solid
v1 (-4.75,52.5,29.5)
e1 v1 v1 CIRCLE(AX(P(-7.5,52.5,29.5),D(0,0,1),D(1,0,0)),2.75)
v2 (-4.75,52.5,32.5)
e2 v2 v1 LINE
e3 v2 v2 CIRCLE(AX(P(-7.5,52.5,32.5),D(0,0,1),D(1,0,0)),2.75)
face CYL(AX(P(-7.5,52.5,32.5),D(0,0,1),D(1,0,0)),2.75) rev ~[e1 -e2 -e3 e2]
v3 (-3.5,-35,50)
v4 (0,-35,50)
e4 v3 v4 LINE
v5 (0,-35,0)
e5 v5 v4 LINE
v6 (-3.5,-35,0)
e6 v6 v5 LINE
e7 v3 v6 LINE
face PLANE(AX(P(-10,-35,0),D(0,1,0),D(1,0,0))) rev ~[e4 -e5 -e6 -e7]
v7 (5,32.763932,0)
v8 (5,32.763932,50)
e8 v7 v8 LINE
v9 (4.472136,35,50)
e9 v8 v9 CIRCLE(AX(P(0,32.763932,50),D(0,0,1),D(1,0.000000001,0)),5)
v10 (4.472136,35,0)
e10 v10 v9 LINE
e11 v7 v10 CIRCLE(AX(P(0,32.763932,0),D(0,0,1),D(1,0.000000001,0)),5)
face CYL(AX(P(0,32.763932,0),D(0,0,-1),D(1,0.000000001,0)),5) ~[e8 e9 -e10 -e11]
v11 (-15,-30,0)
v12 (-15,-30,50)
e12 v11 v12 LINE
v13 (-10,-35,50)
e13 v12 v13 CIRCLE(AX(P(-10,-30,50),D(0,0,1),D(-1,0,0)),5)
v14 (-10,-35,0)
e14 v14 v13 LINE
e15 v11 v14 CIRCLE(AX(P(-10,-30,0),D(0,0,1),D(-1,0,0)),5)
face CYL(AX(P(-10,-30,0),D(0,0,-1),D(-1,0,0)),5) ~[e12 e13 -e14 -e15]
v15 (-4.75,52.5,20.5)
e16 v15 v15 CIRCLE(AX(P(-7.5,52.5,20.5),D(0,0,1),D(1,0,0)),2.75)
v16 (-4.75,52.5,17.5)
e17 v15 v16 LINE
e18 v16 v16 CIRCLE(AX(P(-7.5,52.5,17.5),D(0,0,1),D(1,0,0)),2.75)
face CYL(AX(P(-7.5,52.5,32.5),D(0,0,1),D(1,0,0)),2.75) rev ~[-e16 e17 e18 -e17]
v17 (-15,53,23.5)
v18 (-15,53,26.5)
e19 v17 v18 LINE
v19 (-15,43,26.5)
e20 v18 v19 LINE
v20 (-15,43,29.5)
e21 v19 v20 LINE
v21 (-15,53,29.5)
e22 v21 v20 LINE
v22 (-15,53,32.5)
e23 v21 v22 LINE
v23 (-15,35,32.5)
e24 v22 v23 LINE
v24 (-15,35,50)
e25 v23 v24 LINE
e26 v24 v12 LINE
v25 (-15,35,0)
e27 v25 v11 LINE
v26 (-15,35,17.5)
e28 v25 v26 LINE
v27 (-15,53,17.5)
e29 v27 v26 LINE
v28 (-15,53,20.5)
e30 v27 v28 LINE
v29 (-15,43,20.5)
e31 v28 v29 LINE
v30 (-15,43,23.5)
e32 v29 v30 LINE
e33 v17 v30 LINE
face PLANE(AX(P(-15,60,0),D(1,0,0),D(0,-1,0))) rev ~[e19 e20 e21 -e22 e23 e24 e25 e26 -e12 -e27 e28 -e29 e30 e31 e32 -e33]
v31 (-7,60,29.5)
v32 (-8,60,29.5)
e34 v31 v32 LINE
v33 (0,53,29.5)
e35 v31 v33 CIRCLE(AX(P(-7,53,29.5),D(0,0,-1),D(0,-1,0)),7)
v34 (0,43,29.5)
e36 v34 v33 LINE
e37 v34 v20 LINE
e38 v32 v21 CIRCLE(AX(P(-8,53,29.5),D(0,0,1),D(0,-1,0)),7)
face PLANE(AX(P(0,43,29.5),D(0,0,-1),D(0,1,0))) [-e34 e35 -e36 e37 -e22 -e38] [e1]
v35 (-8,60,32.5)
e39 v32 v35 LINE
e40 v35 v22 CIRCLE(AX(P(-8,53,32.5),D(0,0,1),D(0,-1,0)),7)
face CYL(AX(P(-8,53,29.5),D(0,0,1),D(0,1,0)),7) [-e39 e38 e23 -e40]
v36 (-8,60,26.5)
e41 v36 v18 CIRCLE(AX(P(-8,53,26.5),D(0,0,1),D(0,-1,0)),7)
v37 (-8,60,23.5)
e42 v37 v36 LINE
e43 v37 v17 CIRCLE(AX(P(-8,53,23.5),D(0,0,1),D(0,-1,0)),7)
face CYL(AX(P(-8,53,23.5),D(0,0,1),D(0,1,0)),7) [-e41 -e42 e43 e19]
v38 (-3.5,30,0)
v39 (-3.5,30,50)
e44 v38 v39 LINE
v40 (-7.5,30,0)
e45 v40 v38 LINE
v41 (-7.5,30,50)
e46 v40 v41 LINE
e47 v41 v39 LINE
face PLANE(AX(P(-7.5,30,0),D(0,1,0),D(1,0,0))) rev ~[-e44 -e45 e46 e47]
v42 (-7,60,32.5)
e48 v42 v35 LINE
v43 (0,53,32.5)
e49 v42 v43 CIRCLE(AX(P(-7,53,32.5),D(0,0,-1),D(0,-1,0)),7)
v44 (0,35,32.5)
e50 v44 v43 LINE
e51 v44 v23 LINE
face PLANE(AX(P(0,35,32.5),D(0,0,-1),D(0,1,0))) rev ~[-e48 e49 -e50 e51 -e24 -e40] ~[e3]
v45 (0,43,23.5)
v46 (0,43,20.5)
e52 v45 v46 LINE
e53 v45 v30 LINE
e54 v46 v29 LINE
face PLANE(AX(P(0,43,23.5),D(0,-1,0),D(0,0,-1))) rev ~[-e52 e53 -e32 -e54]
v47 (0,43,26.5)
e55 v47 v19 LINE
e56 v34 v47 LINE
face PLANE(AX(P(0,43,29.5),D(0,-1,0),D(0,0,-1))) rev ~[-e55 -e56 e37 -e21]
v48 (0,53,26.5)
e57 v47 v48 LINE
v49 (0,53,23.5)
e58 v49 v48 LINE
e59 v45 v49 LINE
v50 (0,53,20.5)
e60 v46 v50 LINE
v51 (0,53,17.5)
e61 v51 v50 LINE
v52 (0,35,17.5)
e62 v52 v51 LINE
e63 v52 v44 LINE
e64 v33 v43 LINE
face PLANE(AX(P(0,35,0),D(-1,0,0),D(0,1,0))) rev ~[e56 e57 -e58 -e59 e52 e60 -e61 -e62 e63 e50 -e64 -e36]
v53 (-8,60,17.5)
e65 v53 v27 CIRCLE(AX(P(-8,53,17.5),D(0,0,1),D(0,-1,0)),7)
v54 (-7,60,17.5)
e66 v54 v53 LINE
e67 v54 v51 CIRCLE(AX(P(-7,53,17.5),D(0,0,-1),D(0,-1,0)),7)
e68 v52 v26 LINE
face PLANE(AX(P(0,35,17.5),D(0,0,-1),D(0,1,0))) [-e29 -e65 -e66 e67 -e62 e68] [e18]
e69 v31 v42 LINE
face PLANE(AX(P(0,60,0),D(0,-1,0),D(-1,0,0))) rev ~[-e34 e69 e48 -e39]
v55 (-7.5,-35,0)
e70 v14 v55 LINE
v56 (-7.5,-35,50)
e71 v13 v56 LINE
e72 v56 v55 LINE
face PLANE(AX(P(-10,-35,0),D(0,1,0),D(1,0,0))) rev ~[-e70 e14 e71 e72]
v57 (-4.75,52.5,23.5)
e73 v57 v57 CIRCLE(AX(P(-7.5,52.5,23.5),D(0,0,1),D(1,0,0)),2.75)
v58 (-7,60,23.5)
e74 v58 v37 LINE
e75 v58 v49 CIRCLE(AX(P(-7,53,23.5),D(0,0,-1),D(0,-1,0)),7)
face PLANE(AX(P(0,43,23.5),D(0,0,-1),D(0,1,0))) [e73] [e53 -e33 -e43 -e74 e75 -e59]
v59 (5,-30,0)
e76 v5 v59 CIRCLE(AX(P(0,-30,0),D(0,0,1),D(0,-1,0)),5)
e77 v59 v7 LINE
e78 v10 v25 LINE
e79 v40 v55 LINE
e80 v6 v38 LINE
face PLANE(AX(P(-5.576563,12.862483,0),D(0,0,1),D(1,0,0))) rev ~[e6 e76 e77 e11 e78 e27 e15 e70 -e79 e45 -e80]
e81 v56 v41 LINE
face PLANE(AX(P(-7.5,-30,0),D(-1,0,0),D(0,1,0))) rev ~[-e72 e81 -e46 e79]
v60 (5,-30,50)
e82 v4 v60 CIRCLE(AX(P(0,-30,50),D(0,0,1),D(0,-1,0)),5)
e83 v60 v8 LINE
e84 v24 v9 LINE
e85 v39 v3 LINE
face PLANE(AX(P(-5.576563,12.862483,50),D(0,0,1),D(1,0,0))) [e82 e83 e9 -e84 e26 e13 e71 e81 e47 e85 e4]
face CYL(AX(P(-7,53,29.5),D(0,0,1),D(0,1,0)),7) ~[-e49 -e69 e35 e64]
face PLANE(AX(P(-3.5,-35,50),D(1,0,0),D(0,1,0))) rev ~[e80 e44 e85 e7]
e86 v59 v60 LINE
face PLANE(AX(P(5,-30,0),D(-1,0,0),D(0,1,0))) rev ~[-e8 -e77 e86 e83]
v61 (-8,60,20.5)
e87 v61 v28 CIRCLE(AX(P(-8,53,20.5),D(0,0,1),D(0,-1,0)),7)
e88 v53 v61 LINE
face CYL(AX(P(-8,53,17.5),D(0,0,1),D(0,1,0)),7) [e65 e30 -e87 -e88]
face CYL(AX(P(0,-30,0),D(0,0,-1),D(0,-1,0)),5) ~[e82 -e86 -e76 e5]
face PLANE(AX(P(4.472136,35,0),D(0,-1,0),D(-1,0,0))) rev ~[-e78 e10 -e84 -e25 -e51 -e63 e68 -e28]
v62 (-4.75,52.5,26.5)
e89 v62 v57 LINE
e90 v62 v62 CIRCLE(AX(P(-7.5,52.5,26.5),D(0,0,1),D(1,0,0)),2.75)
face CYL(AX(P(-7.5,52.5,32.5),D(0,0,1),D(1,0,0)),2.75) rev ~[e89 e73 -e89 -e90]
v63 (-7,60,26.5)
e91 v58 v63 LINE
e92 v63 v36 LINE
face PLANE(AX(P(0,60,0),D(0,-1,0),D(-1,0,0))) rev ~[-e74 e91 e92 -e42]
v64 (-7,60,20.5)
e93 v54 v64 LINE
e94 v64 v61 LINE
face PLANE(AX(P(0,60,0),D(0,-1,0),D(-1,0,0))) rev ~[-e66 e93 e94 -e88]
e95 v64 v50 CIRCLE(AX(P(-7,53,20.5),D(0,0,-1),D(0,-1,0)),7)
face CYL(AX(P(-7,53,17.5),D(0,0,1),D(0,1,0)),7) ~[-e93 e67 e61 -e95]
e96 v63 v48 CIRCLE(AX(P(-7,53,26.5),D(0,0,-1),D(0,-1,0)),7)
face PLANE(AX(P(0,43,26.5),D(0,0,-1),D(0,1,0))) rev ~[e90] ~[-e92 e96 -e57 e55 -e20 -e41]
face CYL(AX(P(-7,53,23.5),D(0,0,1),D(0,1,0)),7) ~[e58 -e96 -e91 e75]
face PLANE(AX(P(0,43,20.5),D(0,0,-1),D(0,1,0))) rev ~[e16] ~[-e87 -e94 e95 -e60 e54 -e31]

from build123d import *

# Parameters (mm, degrees)
SKETCH1_W           = 4
SKETCH1_H           = 60
BOSS_EXTRUDE1_DEPTH = 50
CUT_EXTRUDE3_REACH  = 81.53
SKETCH2_W           = 17.5
SKETCH2_H           = 25
SKETCH2_W_2         = 3
SKETCH2_H_2         = 17
SKETCH3_R           = 2.75
CUT_EXTRUDE4_DEPTH  = 70.865943062
SKETCH5_W           = 4
SKETCH5_H           = 5
CUT_EXTRUDE5_DEPTH  = 80.529868603
FILLET1_R           = 7


with BuildPart() as part:
    # Sketch1 → Boss-Extrude1 (new body)
    with BuildSketch(Plane.XY):
        with BuildLine():
            Line((4.472135955, 35), (0, 35))
            Line((0, 35), (0, 60))
            Line((0, 60), (-15, 60))
            Line((-15, 60), (-15, 35))
            Line((-15, 35), (-15, -30))
            ThreePointArc((-15, -30), (-13.535533906, -33.535533906), (-10, -35))
            Line((-10, -35), (0, -35))
            ThreePointArc((0, -35), (3.535533906, -33.535533906), (5, -30))
            Line((5, -30), (5, 32.763932023))
            ThreePointArc((5, 32.763932023), (4.866244947, 33.912696625), (4.472135955, 35))
        make_face()
        with Locations((-5.5, 0)):
            Rectangle(SKETCH1_W, SKETCH1_H, mode=Mode.SUBTRACT)
    extrude(amount=BOSS_EXTRUDE1_DEPTH)

    # Sketch2 → Cut-Extrude3 (cut, up to next)
    with BuildSketch(Plane(origin=(0, 0, 0), x_dir=(0, 0, -1), z_dir=(1, 0, 0)), mode=Mode.PRIVATE) as cut_extrude3_sk1:
        with Locations((-8.75, 47.5)):
            Rectangle(SKETCH2_W, SKETCH2_H)
    cut_extrude3_tool1 = extrude(cut_extrude3_sk1.sketch, amount=-CUT_EXTRUDE3_REACH, mode=Mode.PRIVATE) & part.part
    # Sketch2 → Cut-Extrude3 (cut, up to next)
    with BuildSketch(Plane(origin=(0, 0, 0), x_dir=(0, 0, -1), z_dir=(1, 0, 0)), mode=Mode.PRIVATE) as cut_extrude3_sk2:
        with Locations((-41.25, 47.5)):
            Rectangle(SKETCH2_W, SKETCH2_H)
    cut_extrude3_tool2 = extrude(cut_extrude3_sk2.sketch, amount=-CUT_EXTRUDE3_REACH, mode=Mode.PRIVATE) & part.part
    # Sketch2 → Cut-Extrude3 (cut, up to next)
    with BuildSketch(Plane(origin=(0, 0, 0), x_dir=(0, 0, -1), z_dir=(1, 0, 0)), mode=Mode.PRIVATE) as cut_extrude3_sk3:
        with Locations((-28, 51.5)):
            Rectangle(SKETCH2_W_2, SKETCH2_H_2)
    cut_extrude3_tool3 = extrude(cut_extrude3_sk3.sketch, amount=-CUT_EXTRUDE3_REACH, mode=Mode.PRIVATE) & part.part
    # Sketch2 → Cut-Extrude3 (cut, up to next)
    with BuildSketch(Plane(origin=(0, 0, 0), x_dir=(0, 0, -1), z_dir=(1, 0, 0)), mode=Mode.PRIVATE) as cut_extrude3_sk4:
        with Locations((-22, 51.5)):
            Rectangle(SKETCH2_W_2, SKETCH2_H_2)
    cut_extrude3_tool4 = extrude(cut_extrude3_sk4.sketch, amount=-CUT_EXTRUDE3_REACH, mode=Mode.PRIVATE) & part.part
    add(cut_extrude3_tool1.solids().sort_by_distance((0, 47.5, 8.75))[0], mode=Mode.SUBTRACT)
    add(cut_extrude3_tool2.solids().sort_by_distance((0, 47.5, 41.25))[0], mode=Mode.SUBTRACT)
    add(cut_extrude3_tool3.solids().sort_by_distance((0, 51.5, 28))[0], mode=Mode.SUBTRACT)
    add(cut_extrude3_tool4.solids().sort_by_distance((0, 51.5, 22))[0], mode=Mode.SUBTRACT)

    # Sketch3 → Cut-Extrude4 (cut, through all)
    with BuildSketch(Plane.XY.offset(32.5)):
        with Locations((-7.5, 52.5)):
            Circle(SKETCH3_R)
    extrude(amount=-CUT_EXTRUDE4_DEPTH, mode=Mode.SUBTRACT)

    # Sketch5 → Cut-Extrude5 (cut, through all)
    with BuildSketch(Plane.XY.offset(50)):
        with Locations((-5.5, -32.5)):
            Rectangle(SKETCH5_W, SKETCH5_H)
    extrude(amount=-CUT_EXTRUDE5_DEPTH, mode=Mode.SUBTRACT)

    # Fillet1
    fillet1_edges = [part.edges().sort_by_distance(p)[0] for p in [
        (-15, 60, 31),
        (-15, 60, 25),
        (-15, 60, 19),
        (0, 60, 31),
        (0, 60, 25),
        (0, 60, 19),
    ]]
    fillet(fillet1_edges, radius=FILLET1_R)


solid = part.part
